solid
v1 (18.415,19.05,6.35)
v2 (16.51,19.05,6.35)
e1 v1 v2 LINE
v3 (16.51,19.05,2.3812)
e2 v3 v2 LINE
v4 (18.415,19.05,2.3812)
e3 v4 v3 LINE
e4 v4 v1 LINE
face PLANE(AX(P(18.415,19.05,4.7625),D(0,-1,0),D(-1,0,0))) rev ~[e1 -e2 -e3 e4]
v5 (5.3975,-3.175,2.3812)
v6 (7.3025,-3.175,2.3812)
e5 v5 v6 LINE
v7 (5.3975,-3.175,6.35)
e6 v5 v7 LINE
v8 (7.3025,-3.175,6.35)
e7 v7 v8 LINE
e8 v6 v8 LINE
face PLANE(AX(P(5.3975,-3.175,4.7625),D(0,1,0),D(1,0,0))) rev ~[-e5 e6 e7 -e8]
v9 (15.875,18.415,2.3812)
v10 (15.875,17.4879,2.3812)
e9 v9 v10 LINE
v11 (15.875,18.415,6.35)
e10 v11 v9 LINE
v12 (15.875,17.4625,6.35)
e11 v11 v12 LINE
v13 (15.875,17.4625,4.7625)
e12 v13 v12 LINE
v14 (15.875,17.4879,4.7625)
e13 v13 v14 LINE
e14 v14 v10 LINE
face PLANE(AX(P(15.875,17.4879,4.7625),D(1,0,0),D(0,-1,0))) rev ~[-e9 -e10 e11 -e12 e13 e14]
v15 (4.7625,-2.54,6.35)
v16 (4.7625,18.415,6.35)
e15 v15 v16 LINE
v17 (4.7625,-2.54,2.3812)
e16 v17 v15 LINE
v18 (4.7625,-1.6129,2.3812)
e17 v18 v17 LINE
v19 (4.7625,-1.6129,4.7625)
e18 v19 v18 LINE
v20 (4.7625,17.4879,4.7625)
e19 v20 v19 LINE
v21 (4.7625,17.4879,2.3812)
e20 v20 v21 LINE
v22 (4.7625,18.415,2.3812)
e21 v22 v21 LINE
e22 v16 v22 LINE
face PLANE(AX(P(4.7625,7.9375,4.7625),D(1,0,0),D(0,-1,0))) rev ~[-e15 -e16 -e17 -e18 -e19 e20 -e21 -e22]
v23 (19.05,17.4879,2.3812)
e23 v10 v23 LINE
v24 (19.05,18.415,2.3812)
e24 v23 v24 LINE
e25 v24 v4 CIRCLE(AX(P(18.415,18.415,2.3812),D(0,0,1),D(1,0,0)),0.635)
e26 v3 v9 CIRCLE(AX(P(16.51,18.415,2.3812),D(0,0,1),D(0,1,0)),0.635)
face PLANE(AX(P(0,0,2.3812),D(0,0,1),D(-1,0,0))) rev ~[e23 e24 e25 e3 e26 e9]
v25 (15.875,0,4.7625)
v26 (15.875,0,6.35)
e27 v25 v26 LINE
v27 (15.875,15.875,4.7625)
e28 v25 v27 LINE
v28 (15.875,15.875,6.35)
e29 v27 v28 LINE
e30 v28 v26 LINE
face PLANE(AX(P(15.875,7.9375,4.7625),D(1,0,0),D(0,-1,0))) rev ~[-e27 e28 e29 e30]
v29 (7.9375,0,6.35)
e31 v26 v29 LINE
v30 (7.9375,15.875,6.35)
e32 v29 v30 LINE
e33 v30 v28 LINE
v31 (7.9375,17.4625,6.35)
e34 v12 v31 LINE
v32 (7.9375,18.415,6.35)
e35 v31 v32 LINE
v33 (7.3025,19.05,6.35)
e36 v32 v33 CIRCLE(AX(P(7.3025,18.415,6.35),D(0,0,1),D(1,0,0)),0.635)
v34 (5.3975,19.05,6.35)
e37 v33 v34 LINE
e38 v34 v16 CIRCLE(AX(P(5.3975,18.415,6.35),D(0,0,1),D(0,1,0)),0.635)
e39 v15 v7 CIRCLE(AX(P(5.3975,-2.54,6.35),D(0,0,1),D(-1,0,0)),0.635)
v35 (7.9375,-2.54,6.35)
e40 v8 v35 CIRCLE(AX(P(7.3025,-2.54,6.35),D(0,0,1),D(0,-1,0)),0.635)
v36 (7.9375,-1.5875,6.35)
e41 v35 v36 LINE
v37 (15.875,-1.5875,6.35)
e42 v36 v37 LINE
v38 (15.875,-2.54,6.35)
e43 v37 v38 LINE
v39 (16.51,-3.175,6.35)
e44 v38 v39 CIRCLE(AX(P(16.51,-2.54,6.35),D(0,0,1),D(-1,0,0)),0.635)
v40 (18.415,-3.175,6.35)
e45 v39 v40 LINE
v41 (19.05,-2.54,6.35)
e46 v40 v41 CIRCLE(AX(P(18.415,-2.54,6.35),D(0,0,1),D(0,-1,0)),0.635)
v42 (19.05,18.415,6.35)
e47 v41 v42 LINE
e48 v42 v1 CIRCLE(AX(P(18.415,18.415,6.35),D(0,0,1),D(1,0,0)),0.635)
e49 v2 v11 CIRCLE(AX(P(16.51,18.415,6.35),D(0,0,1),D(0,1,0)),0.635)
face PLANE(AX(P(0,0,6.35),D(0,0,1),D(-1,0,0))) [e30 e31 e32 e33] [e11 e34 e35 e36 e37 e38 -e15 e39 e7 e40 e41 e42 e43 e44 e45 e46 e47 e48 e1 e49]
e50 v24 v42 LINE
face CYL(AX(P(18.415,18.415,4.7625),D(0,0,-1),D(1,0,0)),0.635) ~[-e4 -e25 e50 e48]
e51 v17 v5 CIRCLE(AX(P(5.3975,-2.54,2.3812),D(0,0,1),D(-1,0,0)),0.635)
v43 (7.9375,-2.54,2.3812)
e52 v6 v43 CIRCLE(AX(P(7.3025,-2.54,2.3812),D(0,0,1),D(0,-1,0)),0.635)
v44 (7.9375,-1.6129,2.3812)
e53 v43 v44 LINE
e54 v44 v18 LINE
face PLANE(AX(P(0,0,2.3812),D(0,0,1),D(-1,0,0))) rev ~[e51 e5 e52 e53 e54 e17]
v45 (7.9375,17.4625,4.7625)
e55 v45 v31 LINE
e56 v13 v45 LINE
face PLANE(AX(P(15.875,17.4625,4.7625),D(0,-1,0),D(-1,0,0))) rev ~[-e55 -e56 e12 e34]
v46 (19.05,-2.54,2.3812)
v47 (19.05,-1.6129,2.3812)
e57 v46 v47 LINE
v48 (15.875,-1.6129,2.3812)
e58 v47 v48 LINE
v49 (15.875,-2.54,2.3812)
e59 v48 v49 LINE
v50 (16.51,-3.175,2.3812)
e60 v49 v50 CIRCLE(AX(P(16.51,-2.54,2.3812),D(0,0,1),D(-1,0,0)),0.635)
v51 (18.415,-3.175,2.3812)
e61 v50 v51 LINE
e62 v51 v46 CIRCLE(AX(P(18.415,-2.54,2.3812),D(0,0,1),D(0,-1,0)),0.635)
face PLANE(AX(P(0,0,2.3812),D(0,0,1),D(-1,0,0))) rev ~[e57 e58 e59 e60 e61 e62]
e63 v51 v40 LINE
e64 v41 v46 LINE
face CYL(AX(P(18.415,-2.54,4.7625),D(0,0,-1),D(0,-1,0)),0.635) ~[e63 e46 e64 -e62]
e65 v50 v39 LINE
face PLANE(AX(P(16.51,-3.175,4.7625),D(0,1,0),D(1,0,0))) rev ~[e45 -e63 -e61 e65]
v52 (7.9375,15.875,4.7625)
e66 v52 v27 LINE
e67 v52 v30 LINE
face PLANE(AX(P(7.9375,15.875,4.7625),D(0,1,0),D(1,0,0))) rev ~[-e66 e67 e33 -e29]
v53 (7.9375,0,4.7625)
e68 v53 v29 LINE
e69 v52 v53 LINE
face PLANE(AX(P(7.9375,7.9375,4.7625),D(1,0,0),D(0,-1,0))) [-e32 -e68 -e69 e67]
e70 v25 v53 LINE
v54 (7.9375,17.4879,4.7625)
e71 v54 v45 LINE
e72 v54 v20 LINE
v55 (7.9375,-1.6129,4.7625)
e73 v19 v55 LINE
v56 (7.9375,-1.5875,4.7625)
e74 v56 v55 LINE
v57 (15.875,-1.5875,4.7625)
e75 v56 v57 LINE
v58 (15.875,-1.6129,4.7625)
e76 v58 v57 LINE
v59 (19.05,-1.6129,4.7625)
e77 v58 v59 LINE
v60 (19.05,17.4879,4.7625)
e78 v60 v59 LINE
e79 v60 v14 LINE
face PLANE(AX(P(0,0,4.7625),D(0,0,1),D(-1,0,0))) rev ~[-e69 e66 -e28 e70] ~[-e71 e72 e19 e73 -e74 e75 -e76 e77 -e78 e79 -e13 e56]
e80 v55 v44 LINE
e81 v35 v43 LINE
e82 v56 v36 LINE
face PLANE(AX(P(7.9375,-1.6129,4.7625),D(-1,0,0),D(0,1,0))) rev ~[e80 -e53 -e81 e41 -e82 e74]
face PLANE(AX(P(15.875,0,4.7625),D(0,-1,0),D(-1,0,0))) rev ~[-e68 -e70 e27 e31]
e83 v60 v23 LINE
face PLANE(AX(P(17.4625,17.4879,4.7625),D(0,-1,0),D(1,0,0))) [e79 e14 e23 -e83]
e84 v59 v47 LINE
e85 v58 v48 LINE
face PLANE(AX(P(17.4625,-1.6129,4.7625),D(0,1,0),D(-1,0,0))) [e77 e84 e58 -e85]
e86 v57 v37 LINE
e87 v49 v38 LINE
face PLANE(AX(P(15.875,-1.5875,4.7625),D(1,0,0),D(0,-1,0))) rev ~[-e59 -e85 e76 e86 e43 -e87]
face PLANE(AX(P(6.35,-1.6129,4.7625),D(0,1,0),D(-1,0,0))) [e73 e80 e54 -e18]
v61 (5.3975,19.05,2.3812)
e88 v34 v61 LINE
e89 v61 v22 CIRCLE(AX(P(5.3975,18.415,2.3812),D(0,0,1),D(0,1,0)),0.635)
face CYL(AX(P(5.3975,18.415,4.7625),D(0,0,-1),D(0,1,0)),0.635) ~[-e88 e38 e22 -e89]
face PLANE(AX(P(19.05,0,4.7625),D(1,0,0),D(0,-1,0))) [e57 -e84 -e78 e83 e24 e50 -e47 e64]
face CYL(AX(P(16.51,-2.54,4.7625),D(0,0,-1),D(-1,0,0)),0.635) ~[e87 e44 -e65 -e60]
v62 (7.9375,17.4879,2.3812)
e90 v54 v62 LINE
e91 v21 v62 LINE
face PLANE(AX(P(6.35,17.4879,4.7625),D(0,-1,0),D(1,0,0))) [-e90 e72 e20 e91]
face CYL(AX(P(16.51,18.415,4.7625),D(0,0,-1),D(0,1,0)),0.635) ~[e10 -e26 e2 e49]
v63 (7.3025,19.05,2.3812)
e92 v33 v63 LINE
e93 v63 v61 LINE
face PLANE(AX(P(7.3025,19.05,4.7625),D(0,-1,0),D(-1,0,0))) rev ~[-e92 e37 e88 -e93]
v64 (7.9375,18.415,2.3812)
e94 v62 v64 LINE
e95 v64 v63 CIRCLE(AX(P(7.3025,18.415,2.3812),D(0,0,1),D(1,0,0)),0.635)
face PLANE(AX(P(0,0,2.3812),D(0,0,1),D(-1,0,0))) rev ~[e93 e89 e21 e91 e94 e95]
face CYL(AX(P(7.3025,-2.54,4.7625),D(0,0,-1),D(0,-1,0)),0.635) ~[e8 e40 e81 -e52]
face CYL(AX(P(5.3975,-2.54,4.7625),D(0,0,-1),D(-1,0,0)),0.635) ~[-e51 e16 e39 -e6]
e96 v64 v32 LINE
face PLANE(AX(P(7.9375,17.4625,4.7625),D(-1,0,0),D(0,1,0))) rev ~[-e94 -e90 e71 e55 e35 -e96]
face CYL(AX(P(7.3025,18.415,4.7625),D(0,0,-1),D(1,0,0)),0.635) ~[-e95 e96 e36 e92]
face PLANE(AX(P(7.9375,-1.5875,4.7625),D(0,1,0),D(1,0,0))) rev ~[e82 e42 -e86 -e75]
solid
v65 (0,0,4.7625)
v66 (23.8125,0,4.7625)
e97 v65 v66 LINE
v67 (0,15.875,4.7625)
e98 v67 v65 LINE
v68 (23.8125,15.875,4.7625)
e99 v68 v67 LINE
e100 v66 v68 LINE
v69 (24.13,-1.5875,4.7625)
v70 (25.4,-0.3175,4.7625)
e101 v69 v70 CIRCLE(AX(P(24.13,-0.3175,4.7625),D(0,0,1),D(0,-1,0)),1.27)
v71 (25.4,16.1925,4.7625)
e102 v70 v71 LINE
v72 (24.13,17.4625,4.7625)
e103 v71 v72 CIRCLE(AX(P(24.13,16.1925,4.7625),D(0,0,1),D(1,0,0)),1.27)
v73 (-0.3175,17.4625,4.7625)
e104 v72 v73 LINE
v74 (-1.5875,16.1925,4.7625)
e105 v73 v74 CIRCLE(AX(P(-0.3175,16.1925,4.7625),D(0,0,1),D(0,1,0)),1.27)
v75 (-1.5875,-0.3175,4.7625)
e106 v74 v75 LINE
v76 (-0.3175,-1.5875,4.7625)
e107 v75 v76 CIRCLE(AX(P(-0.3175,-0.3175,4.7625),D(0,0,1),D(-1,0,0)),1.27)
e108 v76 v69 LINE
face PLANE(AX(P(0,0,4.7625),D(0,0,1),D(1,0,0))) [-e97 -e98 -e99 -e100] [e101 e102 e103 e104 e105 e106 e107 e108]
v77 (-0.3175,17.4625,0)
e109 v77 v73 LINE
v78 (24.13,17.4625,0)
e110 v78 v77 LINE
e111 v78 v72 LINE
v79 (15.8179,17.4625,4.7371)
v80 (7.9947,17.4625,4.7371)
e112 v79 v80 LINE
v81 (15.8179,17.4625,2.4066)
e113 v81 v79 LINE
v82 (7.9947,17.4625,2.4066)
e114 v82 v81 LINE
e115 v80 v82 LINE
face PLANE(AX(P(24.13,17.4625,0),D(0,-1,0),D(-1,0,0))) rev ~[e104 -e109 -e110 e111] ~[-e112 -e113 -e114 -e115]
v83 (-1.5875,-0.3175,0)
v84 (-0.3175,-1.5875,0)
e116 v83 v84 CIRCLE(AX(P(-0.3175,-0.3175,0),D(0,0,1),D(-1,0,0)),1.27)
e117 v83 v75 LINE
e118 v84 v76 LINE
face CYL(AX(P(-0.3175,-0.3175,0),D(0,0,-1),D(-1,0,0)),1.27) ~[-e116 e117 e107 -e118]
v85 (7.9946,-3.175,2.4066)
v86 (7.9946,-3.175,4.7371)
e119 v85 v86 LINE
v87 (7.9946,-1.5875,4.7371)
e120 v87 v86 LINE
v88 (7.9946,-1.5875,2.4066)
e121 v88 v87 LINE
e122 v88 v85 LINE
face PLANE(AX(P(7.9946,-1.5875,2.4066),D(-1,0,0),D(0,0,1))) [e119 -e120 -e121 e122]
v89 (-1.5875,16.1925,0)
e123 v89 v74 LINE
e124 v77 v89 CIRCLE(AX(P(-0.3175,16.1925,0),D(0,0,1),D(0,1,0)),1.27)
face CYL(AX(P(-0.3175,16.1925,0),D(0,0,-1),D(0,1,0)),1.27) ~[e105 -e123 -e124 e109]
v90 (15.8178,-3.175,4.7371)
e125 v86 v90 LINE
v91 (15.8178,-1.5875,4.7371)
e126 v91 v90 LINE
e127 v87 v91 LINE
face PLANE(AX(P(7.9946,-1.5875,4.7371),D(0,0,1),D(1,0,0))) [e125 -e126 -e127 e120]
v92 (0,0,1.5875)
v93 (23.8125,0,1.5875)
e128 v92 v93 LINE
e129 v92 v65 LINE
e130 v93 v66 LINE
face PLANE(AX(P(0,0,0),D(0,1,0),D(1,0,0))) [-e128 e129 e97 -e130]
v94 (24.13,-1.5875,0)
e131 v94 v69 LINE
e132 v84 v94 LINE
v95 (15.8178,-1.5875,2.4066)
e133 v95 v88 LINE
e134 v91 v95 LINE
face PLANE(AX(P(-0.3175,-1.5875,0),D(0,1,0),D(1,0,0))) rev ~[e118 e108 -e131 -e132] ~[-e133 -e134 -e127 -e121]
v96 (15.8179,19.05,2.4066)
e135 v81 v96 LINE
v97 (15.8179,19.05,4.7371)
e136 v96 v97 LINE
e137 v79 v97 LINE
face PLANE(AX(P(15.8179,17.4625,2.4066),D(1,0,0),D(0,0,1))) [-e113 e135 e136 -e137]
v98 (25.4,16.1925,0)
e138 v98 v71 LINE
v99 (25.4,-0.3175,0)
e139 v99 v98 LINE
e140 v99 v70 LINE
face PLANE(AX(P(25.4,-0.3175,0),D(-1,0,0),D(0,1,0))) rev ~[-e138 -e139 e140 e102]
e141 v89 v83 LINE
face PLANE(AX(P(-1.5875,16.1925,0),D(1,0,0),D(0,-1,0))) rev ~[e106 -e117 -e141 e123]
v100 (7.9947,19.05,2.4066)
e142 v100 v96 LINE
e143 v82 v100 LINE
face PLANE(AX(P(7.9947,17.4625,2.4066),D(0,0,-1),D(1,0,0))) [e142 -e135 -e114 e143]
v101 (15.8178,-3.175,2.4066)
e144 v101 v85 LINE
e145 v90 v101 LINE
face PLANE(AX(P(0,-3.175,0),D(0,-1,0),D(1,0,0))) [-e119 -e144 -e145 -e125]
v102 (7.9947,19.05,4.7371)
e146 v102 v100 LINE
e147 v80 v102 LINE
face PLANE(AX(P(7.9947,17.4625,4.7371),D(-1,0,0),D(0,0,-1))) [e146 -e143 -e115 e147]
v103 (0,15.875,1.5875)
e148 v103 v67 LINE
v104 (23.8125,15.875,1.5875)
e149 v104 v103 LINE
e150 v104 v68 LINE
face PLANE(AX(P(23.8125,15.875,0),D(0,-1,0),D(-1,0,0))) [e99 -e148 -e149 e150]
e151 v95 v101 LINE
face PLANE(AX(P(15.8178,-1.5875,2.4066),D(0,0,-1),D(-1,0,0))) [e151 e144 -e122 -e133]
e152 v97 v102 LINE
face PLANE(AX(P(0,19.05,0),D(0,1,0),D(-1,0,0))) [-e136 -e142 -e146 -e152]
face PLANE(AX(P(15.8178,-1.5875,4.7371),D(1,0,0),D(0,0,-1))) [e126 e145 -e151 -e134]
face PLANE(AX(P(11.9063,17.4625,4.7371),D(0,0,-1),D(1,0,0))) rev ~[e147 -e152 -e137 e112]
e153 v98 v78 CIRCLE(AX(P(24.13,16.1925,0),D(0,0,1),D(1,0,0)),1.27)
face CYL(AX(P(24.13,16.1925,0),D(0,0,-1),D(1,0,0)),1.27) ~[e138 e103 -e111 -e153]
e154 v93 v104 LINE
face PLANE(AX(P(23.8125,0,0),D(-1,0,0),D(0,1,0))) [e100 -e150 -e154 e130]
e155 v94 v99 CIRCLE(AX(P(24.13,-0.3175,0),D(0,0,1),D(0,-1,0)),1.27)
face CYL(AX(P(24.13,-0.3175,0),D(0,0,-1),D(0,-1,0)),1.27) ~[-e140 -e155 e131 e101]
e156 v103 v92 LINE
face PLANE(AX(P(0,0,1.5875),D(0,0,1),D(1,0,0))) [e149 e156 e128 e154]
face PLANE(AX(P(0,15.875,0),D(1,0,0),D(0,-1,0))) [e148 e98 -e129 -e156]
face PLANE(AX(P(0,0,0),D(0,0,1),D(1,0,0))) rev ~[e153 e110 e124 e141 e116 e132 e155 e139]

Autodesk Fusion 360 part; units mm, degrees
sketch "Sketch1" plane through (0, 0, 0) normal (0, 0, 1) x (1, 0, 0)
  line L0 (0, 0) -> (23.8125, 0)
  line L1 (23.8125, 0) -> (23.8125, 15.875)
  line L2 (23.8125, 15.875) -> (0, 15.875)
  line L3 (0, 15.875) -> (0, 0)
  line L4 (-0.3175, -1.5875) -> (24.13, -1.5875)
  line L5 (25.4, -0.3175) -> (25.4, 16.1925)
  line L6 (24.13, 17.4625) -> (-0.3175, 17.4625)
  line L7 (-1.5875, 16.1925) -> (-1.5875, -0.3175)
  arc A0 (-0.3175, 17.4625) -> (-1.5875, 16.1925) centre (-0.3175, 16.1925) ccw
  arc A1 (-1.5875, -0.3175) -> (-0.3175, -1.5875) centre (-0.3175, -0.3175) ccw
  arc A2 (25.4, 16.1925) -> (24.13, 17.4625) centre (24.13, 16.1925) ccw
  arc A3 (24.13, -1.5875) -> (25.4, -0.3175) centre (24.13, -0.3175) ccw
  dimension "d1" = 23.8125
  dimension "d2" = 15.875
  dimension "d4" = 1.27
extrude "Extrude1" add sketch "Sketch1" along normal blind 1.5875 contours L0 L1 L2 L3 makes body 1
extrude "Extrude2" add sketch "Sketch1" along normal blind 4.7625 bodies 1
sketch "Sketch2" plane through (0, 0, 4.7625) normal (0, 0, 1) x (-1, 0, 0)
  line L0 (0, 0) -> (0, -15.875)
  line L1 (0, -15.875) -> (-23.8125, -15.875)
  line L2 (-23.8125, -15.875) -> (-23.8125, 0)
  line L3 (-23.8125, 0) -> (0, 0)
  arc A0 (-24.13, 1.5875) -> (-25.4, 0.3175) centre (-24.13, 0.3175) ccw
  line L4 (-25.4, 0.3175) -> (-25.4, -16.1925)
  arc A1 (-25.4, -16.1925) -> (-24.13, -17.4625) centre (-24.13, -16.1925) ccw
  line L5 (-24.13, -17.4625) -> (0.3175, -17.4625)
  arc A2 (0.3175, -17.4625) -> (1.5875, -16.1925) centre (0.3175, -16.1925) ccw
  line L6 (1.5875, -16.1925) -> (1.5875, 0.3175)
  arc A3 (1.5875, 0.3175) -> (0.3175, 1.5875) centre (0.3175, 0.3175) ccw
  line L7 (0.3175, 1.5875) -> (-24.13, 1.5875)
  line L8 (1.5875, -7.9375) -> (-25.4, -7.9375)
  line L9 (1.5875, -7.9375) -> (-4.7625, -7.9375)
  line L10 (-4.7625, -7.9375) -> (-7.9375, -7.9375)
  line L11 (-25.4, -7.9375) -> (-19.05, -7.9375)
  line L12 (-19.05, -7.9375) -> (-15.875, -7.9375)
  line L13 (-7.9375, -7.9375) -> (-7.9375, 1.5875)
  line L14 (-7.9375, -7.9375) -> (-7.9375, -17.4625)
  line L15 (-7.9375, -17.4625) -> (-4.7625, -17.4625)
  line L16 (-4.7625, -17.4625) -> (-4.7625, 1.5875)
  line L17 (-4.7625, 1.5875) -> (-7.9375, 1.5875)
  line L18 (-15.875, -7.9375) -> (-15.875, -17.4625)
  line L19 (-19.05, -7.9375) -> (-19.05, -17.4625)
  line L20 (-15.875, -17.4625) -> (-19.05, -17.4625)
  line L21 (-19.05, -7.9375) -> (-19.05, 1.5875)
  line L22 (-19.05, 1.5875) -> (-15.875, 1.5875)
  line L23 (-15.875, -7.9375) -> (-15.875, 1.5875)
  line L24 (-7.9375, -15.875) -> (-15.875, -15.875)
  line L25 (-15.875, -17.4625) -> (-7.9375, -17.4625)
  line L26 (-7.9375, 1.5875) -> (-15.875, 1.5875)
  line L27 (-15.875, 0) -> (-7.9375, 0)
  line L28 (-4.7625, 1.5875) -> (-4.7625, 2.54)
  line L29 (-5.3975, 3.175) -> (-7.3025, 3.175)
  line L30 (-7.9375, 2.54) -> (-7.9375, 1.5875)
  line L31 (-15.875, 1.5875) -> (-15.875, 2.54)
  line L32 (-16.51, 3.175) -> (-18.415, 3.175)
  line L33 (-19.05, 2.54) -> (-19.05, 1.5875)
  line L34 (-19.05, -17.4625) -> (-19.05, -18.415)
  line L35 (-18.415, -19.05) -> (-16.51, -19.05)
  line L36 (-15.875, -18.415) -> (-15.875, -17.4625)
  line L37 (-7.9375, -17.4625) -> (-7.9375, -18.415)
  line L38 (-7.3025, -19.05) -> (-5.3975, -19.05)
  line L39 (-4.7625, -18.415) -> (-4.7625, -17.4625)
  arc A4 (-5.3975, -19.05) -> (-4.7625, -18.415) centre (-5.3975, -18.415) ccw
  arc A5 (-7.9375, -18.415) -> (-7.3025, -19.05) centre (-7.3025, -18.415) ccw
  arc A6 (-16.51, -19.05) -> (-15.875, -18.415) centre (-16.51, -18.415) ccw
  arc A7 (-19.05, -18.415) -> (-18.415, -19.05) centre (-18.415, -18.415) ccw
  arc A8 (-4.7625, 2.54) -> (-5.3975, 3.175) centre (-5.3975, 2.54) ccw
  arc A9 (-7.3025, 3.175) -> (-7.9375, 2.54) centre (-7.3025, 2.54) ccw
  arc A10 (-15.875, 2.54) -> (-16.51, 3.175) centre (-16.51, 2.54) ccw
  arc A11 (-18.415, 3.175) -> (-19.05, 2.54) centre (-18.415, 2.54) ccw
  line L40 (-6.35, 1.5875) -> (-6.35, 1.6129)
  line L41 (-6.35, 1.6129) -> (-7.9375, 1.6129)
  line L42 (-6.35, 1.6129) -> (-4.7625, 1.6129)
  line L43 (-17.4625, 1.5875) -> (-17.4625, 1.6129)
  line L44 (-17.4625, 1.6129) -> (-19.05, 1.6129)
  line L45 (-17.4625, 1.6129) -> (-15.875, 1.6129)
  line L46 (-17.4625, -17.4625) -> (-17.4625, -17.4879)
  line L47 (-17.4625, -17.4879) -> (-19.05, -17.4879)
  line L48 (-17.4625, -17.4879) -> (-15.875, -17.4879)
  line L49 (-6.35, -17.4625) -> (-6.35, -17.4879)
  line L50 (-6.35, -17.4879) -> (-7.9375, -17.4879)
  line L51 (-6.35, -17.4879) -> (-4.7625, -17.4879)
  point P0 (-4.7625, 3.175)
  point P1 (-15.875, 3.175)
  point P2 (-19.05, -19.05)
  point P3 (-7.9375, -19.05)
  dimension "d9" = 6.35
  dimension "d10" = 3.175
  dimension "d11" = 6.35
  dimension "d12" = 3.175
  dimension "d13" = 3.175
  dimension "d14" = 3.175
  dimension "d15" = 1.5875
  dimension "d16" = 1.5875
  dimension "d17" = 1.5875
  dimension "d18" = 1.5875
  dimension "d19" = 0.635
  dimension "d22" = 0.0254
  dimension "d23" = 0.0254
  dimension "d24" = 0.0254
  dimension "d25" = 0.0254
extrude "Extrude3" add sketch "Sketch2" along normal blind 1.5875 separate body contours L3 L8 L10 L13 L16 | L3 L7 L13 L16 L17 | L1 L8 L10 L14 L16 | L3 L7 L13 L23 L26 L27 | L7 L17 L28 L40 L42 | L1 L5 L14 L15 L16 | L3 L8 L12 L21 L23 | L3 L7 L21 L22 L23 | L7 L17 L30 L40 L41 | L28 L29 L30 A8 A9 L41 L42 | L1 L5 L14 L18 L24 L25 | L5 L15 L39 L49 L51 | L1 L8 L12 L18 L19 | L7 L22 L31 L43 L45 | L1 L5 L18 L19 L20 | L5 L15 L37 L49 L50 | L37 L38 L39 A4 A5 L50 L51 | L7 L22 L33 L43 L44 | L31 L32 L33 A10 A11 L44 L45 | L5 L20 L36 L46 L48 | L5 L20 L34 L46 L47 | L34 L35 L36 A6 A7 L47 L48 makes body 2
extrude "Extrude4" add sketch "Sketch2" against normal blind 2.3813 contours L28 L29 L30 A8 A9 L41 L42 | L37 L38 L39 A4 A5 L50 L51 | L31 L32 L33 A10 A11 L44 L45 | L34 L35 L36 A6 A7 L47 L48 bodies 2
sketch "Sketch3" plane through (0, -1.5875, 0) normal (0, -1, 0) x (1, 0, 0)
  line L0 (-0.3175, 0) -> (24.13, 0)
  line L1 (24.13, 0) -> (24.13, 4.7625)
  line L2 (24.13, 4.7625) -> (-0.3175, 4.7625)
  line L3 (-0.3175, 4.7625) -> (-0.3175, 0)
  line L4 (11.9062, 4.7625) -> (15.8432, 4.7625)
  line L5 (15.8432, 4.7625) -> (15.8432, 2.3813)
  line L6 (15.8432, 2.3813) -> (7.9692, 2.3813)
  line L7 (7.9692, 2.3813) -> (7.9692, 4.7625)
  line L8 (7.9692, 4.7625) -> (11.9062, 4.7625)
  line L9 (15.8178, 2.4066) -> (7.9946, 2.4066)
  line L10 (7.9946, 2.4066) -> (7.9946, 4.7371)
  line L11 (7.9946, 4.7371) -> (11.9062, 4.7371)
  line L12 (11.9062, 4.7371) -> (15.8178, 4.7371)
  line L13 (15.8178, 4.7371) -> (15.8178, 2.4066)
  dimension "d28" = 3.937
  dimension "d29" = 2.3813
  dimension "d30" = 7.874
  dimension "d31" = 0.0254
extrude "Extrude5" add sketch "Sketch3" along normal blind 1.5875 contours L9 L10 L11 L12 L13 bodies 1
sketch "Sketch4" plane through (0, 17.4625, 0) normal (0, 1, 0) x (-1, 0, 0)
  line L0 (-24.13, 0) -> (0.3175, 0)
  line L1 (0.3175, 0) -> (0.3175, 4.7625)
  line L2 (0.3175, 4.7625) -> (-24.13, 4.7625)
  line L3 (-24.13, 4.7625) -> (-24.13, 0)
  line L4 (-11.9063, 4.7625) -> (-7.9693, 4.7625)
  line L5 (-7.9693, 4.7625) -> (-7.9693, 2.3813)
  line L6 (-7.9693, 2.3813) -> (-15.8433, 2.3813)
  line L7 (-15.8433, 2.3813) -> (-15.8433, 4.7625)
  line L8 (-11.9063, 4.7625) -> (-15.8433, 4.7625)
  line L9 (-7.9947, 2.4066) -> (-15.8179, 2.4066)
  line L10 (-15.8179, 2.4066) -> (-15.8179, 4.7371)
  line L11 (-11.9063, 4.7371) -> (-15.8179, 4.7371)
  line L12 (-11.9063, 4.7371) -> (-7.9947, 4.7371)
  line L13 (-7.9947, 4.7371) -> (-7.9947, 2.4066)
  dimension "d34" = 3.937
  dimension "d35" = 2.3813
  dimension "d36" = 7.874
  dimension "d37" = 0.0254
extrude "Extrude6" add sketch "Sketch4" along normal blind 1.5875 contours L9 L10 L11 L12 L13 bodies 1
equation "d1 = ( 15 / 16 ) * 1 in"
equation "d2 = ( 5 / 8 ) * 1 in"
equation "d5 = ( 1 / 16 ) * 1 in"
equation "d7 = ( 3 / 16 ) * 1 in"
equation "d15 = ( 1 / 16 ) * 1 in"
equation "d16 = ( 1 / 16 ) * 1 in"
equation "d17 = ( 1 / 16 ) * 1 in"
equation "d18 = ( 1 / 16 ) * 1 in"
equation "d20 = ( 1 / 16 ) * 1 in"
equation "d26 = ( -3 / 32 ) * 1 in"
equation "d29 = ( 3 / 32 ) * 1 in"
equation "d32 = ( 1 / 16 ) * 1 in"
equation "d35 = ( 3 / 32 ) * 1 in"
equation "d38 = ( 1 / 16 ) * 1 in"
